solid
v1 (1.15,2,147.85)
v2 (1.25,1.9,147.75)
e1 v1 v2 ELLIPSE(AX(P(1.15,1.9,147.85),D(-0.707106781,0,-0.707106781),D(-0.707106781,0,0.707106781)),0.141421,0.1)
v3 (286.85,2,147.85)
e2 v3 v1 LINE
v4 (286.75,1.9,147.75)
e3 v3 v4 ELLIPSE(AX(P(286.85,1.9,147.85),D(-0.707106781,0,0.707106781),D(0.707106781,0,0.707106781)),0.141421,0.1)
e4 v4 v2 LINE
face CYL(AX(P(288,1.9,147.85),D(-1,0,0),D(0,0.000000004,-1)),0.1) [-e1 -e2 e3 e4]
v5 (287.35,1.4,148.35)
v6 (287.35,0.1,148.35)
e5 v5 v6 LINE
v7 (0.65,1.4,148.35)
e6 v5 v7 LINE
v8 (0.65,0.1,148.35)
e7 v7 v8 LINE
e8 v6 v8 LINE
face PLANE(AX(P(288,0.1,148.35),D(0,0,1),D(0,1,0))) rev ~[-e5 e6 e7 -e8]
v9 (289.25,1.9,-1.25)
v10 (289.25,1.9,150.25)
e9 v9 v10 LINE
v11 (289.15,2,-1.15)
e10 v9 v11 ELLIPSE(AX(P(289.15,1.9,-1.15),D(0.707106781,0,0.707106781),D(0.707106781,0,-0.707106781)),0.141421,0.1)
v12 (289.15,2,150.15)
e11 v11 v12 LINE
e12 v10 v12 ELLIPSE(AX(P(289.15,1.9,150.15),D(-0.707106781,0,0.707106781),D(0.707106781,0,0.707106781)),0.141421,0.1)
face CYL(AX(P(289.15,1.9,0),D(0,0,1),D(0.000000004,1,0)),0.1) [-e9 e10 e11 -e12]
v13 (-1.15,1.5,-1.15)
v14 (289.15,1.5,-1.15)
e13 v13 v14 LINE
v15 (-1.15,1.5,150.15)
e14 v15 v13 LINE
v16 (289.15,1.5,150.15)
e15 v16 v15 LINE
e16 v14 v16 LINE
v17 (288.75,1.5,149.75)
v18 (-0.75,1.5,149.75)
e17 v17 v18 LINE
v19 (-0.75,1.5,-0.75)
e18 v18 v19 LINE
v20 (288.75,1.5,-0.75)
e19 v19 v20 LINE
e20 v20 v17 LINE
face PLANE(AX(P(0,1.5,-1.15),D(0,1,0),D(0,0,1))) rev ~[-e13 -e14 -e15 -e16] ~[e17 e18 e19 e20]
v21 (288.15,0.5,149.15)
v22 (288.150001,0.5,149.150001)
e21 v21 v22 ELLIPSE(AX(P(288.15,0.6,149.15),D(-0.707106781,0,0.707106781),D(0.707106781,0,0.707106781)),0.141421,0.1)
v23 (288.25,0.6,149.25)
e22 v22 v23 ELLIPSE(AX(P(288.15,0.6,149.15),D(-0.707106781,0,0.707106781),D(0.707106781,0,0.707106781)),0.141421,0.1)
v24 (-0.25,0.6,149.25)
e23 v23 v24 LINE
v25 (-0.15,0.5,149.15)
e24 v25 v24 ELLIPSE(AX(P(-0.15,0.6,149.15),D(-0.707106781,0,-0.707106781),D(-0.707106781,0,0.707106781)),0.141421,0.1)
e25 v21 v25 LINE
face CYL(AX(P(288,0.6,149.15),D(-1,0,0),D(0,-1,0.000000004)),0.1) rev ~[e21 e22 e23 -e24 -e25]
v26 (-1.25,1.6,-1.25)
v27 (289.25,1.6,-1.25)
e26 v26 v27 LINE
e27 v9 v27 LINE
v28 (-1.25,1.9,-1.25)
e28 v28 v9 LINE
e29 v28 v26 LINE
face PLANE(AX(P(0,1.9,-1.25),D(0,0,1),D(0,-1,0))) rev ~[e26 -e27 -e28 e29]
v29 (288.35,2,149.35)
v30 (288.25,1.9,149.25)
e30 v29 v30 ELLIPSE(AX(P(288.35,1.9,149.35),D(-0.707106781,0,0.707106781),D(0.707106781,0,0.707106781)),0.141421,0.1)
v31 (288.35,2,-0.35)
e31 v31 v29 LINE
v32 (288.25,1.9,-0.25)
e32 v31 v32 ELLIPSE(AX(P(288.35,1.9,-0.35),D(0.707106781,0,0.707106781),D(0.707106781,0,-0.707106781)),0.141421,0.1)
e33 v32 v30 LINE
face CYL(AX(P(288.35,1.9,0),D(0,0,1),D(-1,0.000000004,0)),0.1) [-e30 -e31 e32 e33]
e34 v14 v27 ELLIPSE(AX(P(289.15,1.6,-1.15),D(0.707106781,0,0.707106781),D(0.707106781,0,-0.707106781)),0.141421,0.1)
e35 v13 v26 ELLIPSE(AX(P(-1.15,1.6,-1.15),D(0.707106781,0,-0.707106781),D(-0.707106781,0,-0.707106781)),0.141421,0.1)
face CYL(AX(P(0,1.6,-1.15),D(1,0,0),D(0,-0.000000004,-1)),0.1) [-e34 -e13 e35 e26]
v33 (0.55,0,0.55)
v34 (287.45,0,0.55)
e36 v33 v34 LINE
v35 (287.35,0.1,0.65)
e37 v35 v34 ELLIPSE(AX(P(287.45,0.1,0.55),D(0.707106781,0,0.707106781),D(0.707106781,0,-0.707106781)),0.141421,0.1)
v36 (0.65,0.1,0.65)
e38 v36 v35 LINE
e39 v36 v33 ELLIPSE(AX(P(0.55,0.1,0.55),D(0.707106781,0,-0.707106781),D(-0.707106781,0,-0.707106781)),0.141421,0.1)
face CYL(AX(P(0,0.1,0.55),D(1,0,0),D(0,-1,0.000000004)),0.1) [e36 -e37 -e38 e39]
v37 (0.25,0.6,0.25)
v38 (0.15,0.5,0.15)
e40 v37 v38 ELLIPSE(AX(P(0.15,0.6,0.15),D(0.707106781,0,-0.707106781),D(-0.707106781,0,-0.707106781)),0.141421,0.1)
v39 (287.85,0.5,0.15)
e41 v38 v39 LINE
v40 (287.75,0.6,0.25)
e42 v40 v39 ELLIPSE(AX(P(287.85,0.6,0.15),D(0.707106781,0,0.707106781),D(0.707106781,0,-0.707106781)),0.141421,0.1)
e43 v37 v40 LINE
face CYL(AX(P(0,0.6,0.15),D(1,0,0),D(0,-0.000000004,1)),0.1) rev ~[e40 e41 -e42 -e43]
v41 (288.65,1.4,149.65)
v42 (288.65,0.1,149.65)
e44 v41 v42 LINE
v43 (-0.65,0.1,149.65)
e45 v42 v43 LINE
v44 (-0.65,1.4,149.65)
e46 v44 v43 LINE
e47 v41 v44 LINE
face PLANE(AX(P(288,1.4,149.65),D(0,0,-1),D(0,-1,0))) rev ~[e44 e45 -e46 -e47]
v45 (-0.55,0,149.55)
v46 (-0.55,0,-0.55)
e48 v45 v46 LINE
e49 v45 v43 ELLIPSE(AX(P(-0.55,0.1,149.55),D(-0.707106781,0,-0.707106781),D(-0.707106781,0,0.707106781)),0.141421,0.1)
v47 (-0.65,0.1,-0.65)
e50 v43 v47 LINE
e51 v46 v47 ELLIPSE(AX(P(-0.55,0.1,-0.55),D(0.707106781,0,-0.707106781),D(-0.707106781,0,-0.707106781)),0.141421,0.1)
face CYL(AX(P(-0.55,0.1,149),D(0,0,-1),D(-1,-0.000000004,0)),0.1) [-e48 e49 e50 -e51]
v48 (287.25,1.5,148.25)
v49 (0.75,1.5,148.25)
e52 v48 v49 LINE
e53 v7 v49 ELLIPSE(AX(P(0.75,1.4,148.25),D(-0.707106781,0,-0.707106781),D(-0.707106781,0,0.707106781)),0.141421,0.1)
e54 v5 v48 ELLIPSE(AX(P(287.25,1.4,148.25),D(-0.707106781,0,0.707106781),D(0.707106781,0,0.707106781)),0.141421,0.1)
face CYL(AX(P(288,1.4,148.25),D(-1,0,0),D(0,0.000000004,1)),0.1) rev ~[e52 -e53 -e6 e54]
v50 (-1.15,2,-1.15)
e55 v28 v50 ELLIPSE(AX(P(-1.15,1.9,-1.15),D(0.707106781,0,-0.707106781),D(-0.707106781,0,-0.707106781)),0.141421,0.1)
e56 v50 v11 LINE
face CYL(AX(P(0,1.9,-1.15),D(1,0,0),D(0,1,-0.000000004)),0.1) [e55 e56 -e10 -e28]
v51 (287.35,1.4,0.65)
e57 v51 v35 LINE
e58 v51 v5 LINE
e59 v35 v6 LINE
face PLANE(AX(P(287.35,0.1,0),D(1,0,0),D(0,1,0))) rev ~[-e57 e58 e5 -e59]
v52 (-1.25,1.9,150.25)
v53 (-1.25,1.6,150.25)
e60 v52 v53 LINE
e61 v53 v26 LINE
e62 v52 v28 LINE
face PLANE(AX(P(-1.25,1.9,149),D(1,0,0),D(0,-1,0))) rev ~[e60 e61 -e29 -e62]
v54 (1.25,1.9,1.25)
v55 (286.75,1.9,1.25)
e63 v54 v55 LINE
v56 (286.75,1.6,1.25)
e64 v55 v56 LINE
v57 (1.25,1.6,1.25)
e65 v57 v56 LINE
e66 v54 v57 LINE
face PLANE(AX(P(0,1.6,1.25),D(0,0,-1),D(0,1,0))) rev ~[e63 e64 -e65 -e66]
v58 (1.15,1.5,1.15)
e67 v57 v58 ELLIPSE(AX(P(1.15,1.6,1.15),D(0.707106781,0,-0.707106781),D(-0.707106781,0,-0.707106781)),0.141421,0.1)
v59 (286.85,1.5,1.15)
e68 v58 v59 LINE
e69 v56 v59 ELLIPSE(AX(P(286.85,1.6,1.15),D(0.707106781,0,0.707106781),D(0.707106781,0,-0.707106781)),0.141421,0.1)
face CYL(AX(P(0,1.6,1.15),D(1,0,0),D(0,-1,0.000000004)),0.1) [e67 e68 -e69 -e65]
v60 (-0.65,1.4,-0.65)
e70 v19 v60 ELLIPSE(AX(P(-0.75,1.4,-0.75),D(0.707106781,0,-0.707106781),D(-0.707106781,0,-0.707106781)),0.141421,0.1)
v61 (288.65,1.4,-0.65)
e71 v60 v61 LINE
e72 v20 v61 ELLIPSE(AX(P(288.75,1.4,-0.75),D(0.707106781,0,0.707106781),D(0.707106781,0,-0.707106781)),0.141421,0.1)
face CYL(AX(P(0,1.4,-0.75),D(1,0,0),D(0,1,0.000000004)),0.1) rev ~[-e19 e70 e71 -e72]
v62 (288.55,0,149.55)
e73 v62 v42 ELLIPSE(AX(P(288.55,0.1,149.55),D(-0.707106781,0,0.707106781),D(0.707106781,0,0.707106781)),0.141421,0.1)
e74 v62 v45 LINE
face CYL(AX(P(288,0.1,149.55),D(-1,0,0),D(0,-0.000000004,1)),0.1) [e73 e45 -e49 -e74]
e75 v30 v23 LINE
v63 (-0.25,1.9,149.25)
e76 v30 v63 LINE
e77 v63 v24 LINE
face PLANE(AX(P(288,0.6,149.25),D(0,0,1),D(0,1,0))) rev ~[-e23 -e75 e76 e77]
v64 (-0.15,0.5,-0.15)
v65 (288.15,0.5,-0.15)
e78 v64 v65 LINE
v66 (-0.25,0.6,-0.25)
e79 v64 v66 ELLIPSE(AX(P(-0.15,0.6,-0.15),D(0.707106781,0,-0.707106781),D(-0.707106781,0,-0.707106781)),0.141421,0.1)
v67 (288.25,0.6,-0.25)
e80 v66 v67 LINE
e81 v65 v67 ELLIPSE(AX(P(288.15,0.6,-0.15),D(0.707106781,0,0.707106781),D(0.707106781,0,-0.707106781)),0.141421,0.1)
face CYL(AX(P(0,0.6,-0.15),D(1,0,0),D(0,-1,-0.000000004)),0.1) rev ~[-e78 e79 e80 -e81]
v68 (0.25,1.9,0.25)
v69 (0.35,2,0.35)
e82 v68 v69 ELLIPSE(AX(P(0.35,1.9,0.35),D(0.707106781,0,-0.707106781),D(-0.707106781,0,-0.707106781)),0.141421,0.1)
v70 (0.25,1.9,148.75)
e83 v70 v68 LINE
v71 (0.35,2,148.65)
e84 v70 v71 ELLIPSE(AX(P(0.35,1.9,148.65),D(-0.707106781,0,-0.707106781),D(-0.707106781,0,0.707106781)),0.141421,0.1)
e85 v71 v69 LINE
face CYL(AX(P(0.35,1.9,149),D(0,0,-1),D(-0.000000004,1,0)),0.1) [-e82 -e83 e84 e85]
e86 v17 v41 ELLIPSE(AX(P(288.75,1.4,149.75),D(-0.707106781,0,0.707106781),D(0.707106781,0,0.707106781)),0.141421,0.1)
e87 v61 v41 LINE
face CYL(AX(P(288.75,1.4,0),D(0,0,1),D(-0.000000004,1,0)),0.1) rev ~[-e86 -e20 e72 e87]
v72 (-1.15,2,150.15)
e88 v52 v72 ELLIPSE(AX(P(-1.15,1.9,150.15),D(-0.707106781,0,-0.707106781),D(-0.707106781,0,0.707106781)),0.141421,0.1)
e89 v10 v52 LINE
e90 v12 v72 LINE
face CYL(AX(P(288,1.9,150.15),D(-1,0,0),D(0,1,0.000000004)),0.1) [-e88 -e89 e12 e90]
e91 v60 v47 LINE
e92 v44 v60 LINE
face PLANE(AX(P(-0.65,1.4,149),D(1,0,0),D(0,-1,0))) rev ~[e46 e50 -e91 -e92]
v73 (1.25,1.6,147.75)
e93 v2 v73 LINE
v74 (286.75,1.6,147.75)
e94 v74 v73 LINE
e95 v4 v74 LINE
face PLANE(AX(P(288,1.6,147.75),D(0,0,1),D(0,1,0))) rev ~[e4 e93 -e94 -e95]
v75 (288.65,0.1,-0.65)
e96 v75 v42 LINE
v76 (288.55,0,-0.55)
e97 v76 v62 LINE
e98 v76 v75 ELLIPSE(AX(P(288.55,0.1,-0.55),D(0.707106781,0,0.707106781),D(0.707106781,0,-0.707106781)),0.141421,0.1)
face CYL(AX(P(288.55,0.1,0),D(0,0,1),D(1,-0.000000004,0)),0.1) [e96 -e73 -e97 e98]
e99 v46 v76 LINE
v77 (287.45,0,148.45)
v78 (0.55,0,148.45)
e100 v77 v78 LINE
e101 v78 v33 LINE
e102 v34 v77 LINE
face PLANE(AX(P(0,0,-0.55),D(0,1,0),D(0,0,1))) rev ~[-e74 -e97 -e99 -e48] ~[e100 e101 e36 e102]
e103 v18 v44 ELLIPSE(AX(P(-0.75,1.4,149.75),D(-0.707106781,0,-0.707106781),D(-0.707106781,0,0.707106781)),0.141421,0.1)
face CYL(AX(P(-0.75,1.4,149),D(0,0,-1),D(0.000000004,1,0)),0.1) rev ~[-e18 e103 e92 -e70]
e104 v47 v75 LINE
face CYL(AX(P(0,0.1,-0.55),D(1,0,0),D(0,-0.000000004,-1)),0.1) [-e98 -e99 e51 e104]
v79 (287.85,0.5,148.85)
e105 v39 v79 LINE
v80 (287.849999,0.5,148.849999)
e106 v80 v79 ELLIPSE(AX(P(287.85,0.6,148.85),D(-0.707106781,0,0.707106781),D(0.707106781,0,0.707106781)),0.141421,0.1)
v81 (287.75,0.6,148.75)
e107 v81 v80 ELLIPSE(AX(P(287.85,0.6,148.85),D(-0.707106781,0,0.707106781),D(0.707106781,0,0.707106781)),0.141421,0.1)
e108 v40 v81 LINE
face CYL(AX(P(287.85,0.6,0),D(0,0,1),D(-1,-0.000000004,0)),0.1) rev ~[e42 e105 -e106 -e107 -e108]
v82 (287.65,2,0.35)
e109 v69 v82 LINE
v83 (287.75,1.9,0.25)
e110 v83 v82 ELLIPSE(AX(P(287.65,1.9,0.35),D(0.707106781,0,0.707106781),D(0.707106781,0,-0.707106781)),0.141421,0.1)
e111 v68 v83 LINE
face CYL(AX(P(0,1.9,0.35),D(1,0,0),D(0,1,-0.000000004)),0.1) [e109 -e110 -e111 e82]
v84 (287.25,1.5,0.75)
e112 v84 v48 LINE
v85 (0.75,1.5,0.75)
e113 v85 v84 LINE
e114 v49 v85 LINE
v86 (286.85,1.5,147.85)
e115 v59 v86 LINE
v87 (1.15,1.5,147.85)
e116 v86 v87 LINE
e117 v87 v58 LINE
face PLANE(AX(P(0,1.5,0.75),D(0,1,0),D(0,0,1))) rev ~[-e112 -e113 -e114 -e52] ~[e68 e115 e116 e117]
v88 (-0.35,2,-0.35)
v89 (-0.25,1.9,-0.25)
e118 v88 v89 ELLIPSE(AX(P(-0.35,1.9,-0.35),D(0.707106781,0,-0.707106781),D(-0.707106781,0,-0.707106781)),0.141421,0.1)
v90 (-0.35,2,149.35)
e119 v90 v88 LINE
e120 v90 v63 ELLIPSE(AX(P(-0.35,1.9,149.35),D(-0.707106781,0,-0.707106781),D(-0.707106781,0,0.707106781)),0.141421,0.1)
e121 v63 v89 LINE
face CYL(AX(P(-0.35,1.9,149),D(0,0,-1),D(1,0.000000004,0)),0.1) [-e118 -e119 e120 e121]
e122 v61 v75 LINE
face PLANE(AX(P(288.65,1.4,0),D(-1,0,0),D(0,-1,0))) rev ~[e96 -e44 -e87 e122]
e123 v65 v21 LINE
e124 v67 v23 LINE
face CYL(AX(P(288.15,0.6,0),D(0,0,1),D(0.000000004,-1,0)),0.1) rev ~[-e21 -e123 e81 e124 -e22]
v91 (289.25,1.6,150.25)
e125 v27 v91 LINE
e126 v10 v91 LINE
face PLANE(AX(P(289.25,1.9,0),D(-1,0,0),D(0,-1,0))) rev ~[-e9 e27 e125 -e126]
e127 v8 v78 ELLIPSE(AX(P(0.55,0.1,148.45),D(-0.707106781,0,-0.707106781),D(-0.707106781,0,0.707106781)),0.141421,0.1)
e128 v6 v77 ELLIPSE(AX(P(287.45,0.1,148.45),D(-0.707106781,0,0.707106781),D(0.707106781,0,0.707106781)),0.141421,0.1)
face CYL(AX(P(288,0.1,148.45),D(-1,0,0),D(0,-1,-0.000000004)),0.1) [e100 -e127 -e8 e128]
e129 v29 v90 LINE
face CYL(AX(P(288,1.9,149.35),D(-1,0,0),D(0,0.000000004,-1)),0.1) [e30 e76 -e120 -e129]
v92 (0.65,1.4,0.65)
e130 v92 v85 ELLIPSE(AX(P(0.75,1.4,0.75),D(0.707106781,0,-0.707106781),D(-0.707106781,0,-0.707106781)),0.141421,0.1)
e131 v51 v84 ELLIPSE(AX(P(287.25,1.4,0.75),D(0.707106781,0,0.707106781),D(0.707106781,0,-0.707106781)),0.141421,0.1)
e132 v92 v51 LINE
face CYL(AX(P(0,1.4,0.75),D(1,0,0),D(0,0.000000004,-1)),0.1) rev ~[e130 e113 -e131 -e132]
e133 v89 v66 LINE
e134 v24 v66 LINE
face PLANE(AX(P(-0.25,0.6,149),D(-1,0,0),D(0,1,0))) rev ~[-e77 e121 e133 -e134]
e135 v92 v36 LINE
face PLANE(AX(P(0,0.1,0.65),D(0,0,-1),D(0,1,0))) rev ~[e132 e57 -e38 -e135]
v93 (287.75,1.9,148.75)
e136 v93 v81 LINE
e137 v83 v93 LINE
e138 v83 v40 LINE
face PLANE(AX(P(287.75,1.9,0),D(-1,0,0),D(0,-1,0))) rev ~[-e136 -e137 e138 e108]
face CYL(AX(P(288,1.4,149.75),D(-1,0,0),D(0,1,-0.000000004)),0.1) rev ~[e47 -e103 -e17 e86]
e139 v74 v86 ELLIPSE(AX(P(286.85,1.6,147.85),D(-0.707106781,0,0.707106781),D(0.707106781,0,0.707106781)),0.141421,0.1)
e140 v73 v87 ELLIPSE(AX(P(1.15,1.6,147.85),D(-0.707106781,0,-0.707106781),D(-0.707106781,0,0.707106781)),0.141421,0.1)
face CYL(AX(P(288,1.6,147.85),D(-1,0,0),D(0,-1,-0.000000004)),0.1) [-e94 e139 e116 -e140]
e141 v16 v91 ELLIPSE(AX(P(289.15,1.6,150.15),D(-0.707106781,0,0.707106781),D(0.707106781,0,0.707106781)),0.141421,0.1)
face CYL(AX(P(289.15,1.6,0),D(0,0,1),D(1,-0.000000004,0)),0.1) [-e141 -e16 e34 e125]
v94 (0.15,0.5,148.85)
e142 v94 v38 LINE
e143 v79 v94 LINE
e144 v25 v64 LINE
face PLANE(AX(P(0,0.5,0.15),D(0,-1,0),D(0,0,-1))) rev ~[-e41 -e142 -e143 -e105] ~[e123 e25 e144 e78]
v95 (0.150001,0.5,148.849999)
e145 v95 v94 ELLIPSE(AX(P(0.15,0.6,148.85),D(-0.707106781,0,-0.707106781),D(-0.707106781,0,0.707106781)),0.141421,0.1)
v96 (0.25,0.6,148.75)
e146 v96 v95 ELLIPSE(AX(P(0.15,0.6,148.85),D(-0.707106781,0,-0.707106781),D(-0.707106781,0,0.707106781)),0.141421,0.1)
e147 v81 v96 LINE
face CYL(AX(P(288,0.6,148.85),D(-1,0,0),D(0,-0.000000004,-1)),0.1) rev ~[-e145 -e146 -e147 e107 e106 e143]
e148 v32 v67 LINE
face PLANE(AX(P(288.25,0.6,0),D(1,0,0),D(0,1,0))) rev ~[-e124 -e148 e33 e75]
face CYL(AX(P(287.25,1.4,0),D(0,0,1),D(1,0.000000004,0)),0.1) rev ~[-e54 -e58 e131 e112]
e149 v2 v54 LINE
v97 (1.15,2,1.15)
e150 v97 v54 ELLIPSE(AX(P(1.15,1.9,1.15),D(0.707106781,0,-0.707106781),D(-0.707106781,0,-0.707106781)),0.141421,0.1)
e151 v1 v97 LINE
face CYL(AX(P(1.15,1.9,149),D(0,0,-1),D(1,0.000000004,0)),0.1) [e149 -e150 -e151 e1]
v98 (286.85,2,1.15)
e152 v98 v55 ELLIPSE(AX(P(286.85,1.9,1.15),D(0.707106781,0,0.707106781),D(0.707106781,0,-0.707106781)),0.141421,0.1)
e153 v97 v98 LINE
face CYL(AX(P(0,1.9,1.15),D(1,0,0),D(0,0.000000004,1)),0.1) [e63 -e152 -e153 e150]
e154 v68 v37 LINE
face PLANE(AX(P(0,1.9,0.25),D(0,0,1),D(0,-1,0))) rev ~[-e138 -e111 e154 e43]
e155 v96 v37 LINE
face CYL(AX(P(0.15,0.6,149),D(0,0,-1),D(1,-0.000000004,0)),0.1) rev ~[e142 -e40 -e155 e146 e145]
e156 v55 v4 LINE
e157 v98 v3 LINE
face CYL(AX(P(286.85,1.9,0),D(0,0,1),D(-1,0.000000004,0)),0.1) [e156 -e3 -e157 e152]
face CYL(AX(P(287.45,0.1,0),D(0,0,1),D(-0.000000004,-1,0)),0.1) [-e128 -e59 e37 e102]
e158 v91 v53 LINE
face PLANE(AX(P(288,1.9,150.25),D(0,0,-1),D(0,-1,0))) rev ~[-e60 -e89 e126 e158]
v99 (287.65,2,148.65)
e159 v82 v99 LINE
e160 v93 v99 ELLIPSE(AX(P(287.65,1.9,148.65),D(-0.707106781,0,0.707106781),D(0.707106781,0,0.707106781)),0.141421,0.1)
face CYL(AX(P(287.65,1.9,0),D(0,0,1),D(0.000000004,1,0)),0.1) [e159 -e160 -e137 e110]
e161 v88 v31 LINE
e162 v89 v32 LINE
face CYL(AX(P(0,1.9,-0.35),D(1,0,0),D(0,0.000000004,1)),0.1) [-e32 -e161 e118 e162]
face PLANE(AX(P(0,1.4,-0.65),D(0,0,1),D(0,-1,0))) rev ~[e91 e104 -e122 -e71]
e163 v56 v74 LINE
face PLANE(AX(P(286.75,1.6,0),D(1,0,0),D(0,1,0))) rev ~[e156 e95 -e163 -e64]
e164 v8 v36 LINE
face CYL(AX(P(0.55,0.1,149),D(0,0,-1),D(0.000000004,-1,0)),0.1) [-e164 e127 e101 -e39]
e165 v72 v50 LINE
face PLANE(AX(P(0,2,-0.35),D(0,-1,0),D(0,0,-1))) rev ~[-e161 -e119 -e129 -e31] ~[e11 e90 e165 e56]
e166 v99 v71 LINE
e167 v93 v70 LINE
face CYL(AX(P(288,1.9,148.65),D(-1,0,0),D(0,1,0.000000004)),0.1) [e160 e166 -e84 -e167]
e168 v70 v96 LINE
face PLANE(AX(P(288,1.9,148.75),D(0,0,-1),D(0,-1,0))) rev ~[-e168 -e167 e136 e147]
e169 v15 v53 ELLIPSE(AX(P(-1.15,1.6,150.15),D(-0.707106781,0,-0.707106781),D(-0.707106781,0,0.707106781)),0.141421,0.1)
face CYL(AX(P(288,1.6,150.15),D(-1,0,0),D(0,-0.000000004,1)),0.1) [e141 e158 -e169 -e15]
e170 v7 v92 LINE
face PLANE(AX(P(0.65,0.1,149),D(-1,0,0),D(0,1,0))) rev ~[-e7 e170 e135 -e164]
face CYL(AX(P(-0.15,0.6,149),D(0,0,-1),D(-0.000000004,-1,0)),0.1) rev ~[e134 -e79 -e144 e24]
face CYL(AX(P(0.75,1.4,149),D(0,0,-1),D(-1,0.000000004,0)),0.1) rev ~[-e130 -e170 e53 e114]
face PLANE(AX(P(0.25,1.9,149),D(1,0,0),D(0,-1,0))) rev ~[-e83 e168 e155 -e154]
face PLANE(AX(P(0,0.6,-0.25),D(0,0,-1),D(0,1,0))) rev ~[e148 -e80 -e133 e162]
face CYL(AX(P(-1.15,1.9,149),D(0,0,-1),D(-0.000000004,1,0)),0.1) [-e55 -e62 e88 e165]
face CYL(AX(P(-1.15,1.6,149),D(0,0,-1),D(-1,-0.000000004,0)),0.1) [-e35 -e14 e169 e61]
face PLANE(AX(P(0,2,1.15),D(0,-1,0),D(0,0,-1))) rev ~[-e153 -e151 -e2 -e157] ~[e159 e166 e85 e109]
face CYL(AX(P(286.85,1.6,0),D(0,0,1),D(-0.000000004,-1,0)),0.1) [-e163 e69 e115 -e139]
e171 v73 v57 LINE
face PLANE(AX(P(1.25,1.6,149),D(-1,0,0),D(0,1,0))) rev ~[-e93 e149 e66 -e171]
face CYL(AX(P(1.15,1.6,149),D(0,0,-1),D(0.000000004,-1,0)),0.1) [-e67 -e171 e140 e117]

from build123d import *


with BuildPart() as part:
    # Sweep1: sweep along a path in Sketch1
    with BuildLine(Plane(origin=(0, 0, 0), x_dir=(1, 0, 0), z_dir=(0, 1, 0))) as sweep1_path:
        Line((0, 0), (288, 0))
        Line((288, 0), (288, -149))
        Line((288, -149), (0, -149))
        Line((0, -149), (0, 0))
    # Sketch2 → Sweep1 (sweep)
    with BuildSketch(Plane(origin=(144, 0, 0), x_dir=(0, 0, -1), z_dir=(1, 0, 0))):
        with BuildLine():
            Line((-147.85, 2), (-148.65, 2))
            ThreePointArc((-148.65, 2), (-148.720710678, 1.970710678), (-148.75, 1.9))
            Line((-148.75, 1.9), (-148.75, 0.6))
            ThreePointArc((-148.75, 0.6), (-148.779289322, 0.529289322), (-148.85, 0.5))
            Line((-148.85, 0.5), (-149.15, 0.5))
            ThreePointArc((-149.15, 0.5), (-149.220710678, 0.529289322), (-149.25, 0.6))
            Line((-149.25, 0.6), (-149.25, 1.9))
            ThreePointArc((-149.25, 1.9), (-149.279289322, 1.970710678), (-149.35, 2))
            Line((-149.35, 2), (-150.15, 2))
            ThreePointArc((-150.15, 2), (-150.220710678, 1.970710678), (-150.25, 1.9))
            Line((-150.25, 1.9), (-150.25, 1.6))
            ThreePointArc((-150.25, 1.6), (-150.220710678, 1.529289322), (-150.15, 1.5))
            Line((-150.15, 1.5), (-149.75, 1.5))
            ThreePointArc((-149.75, 1.5), (-149.679289322, 1.470710678), (-149.65, 1.4))
            Line((-149.65, 1.4), (-149.65, 0.1))
            ThreePointArc((-149.65, 0.1), (-149.620710678, 0.029289322), (-149.55, 0))
            Line((-149.55, 0), (-148.45, 0))
            ThreePointArc((-148.45, 0), (-148.379289322, 0.029289322), (-148.35, 0.1))
            Line((-148.35, 0.1), (-148.35, 1.4))
            ThreePointArc((-148.35, 1.4), (-148.320710678, 1.470710678), (-148.25, 1.5))
            Line((-148.25, 1.5), (-147.85, 1.5))
            ThreePointArc((-147.85, 1.5), (-147.779289322, 1.529289322), (-147.75, 1.6))
            Line((-147.75, 1.6), (-147.75, 1.9))
            ThreePointArc((-147.75, 1.9), (-147.779289322, 1.970710678), (-147.85, 2))
        make_face()
    sweep(path=sweep1_path.line, transition=Transition.RIGHT)


solid = part.part
